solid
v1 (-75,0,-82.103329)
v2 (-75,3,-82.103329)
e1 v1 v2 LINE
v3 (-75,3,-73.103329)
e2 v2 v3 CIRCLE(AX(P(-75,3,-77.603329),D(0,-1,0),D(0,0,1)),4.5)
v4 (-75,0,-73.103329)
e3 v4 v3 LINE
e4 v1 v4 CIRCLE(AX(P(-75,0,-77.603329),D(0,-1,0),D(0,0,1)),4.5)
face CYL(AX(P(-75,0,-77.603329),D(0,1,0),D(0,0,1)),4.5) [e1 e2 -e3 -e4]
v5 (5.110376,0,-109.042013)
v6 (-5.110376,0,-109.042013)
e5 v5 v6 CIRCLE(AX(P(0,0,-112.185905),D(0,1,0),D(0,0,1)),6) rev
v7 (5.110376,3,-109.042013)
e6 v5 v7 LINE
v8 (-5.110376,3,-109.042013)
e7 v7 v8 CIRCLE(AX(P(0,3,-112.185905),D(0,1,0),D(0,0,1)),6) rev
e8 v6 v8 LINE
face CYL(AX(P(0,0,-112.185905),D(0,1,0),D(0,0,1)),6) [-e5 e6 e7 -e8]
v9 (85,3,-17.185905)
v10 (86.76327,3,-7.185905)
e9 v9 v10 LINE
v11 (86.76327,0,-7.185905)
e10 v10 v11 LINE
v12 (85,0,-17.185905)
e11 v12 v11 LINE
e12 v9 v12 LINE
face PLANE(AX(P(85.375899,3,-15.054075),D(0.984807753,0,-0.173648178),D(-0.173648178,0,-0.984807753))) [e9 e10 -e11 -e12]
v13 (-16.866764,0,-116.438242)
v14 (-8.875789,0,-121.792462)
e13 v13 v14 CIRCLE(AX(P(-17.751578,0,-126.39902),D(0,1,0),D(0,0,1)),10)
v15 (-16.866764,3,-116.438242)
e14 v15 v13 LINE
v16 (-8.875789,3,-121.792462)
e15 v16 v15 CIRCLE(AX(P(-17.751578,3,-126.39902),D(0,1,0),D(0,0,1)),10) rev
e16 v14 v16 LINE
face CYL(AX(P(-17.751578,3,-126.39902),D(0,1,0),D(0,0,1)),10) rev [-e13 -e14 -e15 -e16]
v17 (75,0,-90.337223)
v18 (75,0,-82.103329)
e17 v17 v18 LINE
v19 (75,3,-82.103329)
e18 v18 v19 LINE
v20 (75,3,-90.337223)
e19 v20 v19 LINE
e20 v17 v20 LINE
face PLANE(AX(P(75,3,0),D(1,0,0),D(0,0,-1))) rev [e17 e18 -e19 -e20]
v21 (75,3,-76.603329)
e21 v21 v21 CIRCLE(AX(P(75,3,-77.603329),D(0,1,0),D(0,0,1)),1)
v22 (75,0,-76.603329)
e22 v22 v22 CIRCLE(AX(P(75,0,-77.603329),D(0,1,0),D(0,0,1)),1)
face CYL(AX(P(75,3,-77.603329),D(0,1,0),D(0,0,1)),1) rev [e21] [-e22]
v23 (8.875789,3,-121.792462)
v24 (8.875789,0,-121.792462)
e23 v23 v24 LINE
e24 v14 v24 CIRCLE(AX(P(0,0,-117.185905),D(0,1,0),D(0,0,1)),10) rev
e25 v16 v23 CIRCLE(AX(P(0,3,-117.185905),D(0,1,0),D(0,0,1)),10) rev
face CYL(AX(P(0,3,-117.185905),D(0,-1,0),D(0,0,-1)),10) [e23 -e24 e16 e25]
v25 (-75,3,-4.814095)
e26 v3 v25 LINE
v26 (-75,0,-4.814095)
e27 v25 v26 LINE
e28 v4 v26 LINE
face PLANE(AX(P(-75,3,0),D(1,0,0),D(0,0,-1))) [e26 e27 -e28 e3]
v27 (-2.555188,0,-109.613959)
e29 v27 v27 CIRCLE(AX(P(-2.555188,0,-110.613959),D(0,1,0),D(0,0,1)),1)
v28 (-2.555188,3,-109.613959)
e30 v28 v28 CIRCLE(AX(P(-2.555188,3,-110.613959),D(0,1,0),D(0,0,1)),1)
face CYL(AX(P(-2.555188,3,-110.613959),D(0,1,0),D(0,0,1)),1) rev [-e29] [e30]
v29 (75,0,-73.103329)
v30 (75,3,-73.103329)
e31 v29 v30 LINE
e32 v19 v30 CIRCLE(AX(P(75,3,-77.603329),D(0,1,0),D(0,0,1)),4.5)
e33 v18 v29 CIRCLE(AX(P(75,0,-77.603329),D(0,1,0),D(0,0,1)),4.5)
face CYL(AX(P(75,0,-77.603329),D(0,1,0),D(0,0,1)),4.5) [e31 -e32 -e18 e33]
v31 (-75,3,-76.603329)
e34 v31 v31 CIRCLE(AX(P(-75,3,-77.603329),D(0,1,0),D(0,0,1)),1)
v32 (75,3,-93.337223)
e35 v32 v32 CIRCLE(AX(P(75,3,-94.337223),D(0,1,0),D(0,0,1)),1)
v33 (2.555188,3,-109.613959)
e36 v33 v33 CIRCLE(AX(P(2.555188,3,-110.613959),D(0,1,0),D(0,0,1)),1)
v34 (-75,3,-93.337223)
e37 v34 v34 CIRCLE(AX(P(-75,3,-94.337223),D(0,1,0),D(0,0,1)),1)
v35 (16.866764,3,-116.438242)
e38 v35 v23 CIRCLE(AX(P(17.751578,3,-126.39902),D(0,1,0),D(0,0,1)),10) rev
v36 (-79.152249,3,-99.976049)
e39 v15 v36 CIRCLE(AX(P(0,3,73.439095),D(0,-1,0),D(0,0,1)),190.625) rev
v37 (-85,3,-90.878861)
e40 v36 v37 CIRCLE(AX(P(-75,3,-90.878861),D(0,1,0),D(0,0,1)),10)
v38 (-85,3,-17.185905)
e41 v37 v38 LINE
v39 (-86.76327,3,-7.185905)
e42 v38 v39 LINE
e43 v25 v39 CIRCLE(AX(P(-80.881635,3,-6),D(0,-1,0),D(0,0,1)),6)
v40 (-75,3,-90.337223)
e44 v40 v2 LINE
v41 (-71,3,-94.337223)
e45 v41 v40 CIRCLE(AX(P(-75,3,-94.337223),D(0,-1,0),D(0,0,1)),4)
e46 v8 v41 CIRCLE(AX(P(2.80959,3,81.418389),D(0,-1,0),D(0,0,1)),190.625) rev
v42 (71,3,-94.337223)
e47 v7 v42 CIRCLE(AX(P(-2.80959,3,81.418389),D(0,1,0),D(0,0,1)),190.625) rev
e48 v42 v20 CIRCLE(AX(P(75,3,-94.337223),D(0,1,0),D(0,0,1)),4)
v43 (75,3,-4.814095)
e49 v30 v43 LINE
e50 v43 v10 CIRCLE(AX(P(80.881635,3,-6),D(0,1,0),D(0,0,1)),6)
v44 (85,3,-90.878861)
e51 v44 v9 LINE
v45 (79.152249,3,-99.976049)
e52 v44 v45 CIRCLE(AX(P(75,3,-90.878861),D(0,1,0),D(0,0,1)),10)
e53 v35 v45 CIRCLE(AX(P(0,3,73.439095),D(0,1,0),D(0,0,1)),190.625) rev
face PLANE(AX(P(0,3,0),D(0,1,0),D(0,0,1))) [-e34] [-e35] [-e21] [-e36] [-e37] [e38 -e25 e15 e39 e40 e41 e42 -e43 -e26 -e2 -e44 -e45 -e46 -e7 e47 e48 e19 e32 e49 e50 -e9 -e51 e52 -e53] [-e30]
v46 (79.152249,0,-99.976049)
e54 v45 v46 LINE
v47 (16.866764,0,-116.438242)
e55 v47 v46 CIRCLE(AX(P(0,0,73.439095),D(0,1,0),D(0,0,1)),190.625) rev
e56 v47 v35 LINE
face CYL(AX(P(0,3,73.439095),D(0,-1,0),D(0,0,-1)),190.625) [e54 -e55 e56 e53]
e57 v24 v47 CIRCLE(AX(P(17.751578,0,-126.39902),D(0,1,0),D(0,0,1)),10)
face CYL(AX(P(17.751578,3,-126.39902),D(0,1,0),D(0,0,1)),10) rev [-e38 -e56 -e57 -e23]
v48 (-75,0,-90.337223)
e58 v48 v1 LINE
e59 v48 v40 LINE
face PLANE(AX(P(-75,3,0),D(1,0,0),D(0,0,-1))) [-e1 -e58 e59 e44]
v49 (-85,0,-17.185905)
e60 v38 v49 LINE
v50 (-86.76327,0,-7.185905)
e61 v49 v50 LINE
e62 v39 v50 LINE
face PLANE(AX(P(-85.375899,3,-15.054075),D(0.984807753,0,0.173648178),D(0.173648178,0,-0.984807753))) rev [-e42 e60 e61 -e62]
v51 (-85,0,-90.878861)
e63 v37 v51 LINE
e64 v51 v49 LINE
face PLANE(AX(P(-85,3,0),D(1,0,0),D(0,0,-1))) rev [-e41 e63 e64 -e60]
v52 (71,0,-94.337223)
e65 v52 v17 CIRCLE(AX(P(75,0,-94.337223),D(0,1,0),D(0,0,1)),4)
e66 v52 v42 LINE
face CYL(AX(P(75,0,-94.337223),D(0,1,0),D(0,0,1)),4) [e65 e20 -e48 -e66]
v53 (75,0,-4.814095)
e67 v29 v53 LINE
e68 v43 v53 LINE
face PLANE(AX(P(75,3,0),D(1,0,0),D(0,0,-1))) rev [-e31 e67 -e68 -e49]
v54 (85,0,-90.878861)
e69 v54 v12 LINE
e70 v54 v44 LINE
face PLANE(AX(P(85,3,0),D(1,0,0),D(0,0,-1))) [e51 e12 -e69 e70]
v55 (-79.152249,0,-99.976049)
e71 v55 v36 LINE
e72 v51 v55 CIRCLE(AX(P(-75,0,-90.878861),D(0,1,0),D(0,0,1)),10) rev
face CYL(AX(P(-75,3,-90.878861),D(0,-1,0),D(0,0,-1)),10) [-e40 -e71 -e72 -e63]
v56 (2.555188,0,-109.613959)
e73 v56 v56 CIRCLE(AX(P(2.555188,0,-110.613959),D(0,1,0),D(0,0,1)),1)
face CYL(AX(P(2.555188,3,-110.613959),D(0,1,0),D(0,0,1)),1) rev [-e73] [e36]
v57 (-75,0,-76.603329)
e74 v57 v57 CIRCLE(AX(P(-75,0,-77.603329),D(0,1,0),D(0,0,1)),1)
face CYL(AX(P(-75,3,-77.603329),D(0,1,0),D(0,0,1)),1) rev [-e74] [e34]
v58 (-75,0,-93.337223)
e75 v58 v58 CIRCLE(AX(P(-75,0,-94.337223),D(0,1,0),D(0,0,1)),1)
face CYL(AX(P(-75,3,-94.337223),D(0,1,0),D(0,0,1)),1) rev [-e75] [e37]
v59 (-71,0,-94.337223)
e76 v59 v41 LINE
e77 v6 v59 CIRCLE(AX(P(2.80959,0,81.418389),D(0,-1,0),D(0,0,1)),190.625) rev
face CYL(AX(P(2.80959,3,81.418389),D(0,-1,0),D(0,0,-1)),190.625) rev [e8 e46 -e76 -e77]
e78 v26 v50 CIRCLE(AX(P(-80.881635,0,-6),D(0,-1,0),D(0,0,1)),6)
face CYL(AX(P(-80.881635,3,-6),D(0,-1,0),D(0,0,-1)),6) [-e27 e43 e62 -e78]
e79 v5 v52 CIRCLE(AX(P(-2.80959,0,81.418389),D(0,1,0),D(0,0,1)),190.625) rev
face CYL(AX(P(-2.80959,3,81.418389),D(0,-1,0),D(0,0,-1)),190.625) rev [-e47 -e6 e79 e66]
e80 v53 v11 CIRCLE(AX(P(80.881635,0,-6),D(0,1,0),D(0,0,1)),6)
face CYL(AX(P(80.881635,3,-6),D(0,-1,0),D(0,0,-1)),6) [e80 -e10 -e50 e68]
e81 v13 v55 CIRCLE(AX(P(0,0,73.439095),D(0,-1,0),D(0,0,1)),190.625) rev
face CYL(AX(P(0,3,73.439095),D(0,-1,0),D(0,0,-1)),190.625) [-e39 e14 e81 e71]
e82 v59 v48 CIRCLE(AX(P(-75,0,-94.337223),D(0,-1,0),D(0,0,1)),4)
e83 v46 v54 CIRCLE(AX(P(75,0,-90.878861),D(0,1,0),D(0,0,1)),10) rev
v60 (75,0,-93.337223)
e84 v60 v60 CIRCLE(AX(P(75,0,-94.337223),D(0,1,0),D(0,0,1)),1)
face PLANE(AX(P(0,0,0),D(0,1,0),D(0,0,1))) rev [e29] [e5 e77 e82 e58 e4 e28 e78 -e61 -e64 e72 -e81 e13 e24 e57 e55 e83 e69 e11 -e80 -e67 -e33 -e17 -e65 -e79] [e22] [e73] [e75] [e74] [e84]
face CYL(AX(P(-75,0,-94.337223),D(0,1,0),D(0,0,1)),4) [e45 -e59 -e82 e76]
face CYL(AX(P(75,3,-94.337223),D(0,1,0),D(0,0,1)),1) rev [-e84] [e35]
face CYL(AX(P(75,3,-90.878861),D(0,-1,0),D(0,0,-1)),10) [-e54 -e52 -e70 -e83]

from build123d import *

# Parameters (mm, degrees)
BOSS_EXTRUDE2_DEPTH      = 3
FILLET3_R                = 10
FILLET3_OF_MIRROR3_R     = 10
BOSS_EXTRUDE3_START      = -3
BOSS_EXTRUDE3_DEPTH      = 3
F_2_0_2_DIAMETER_HOLE1_D = 2


with BuildPart() as part:
    # Sketch2 → Boss-Extrude2 (new body)
    with BuildSketch(Plane(origin=(0, 0, 0), x_dir=(1, 0, 0), z_dir=(0, 1, 0))):
        with BuildLine():
            ThreePointArc((0, 117.185905081), (5, 117.120320028), (9.996559473, 116.923609999))
            ThreePointArc((9.996559473, 116.923609999), (7.163202874, 124.163621369), (0, 127.185905081))
            Line((0, 127.185905081), (0, 117.185905081))
        make_face()
        with BuildLine():
            Line((75, 92.603329386), (75, 4.814094919))
            ThreePointArc((75, 4.814094919), (82.067539985, 0.118365096), (86.763269807, 7.185905081))
            Line((86.763269807, 7.185905081), (85, 17.185905081))
            Line((85, 17.185905081), (85, 97.185905081))
            ThreePointArc((85, 97.185905081), (43.660622991, 112.118552795), (0, 117.185905081))
            Line((0, 117.185905081), (0, 109.185905081))
            ThreePointArc((0, 109.185905081), (38.343884954, 104.711356725), (75, 92.603329386))
        make_face()
    boss_extrude2 = extrude(amount=BOSS_EXTRUDE2_DEPTH)

    # Fillet3
    fillet3_edges = [part.edges().sort_by_distance(p)[0] for p in [
        (9.996559473, 1.5, -116.923609999),
        (85, 1.5, -97.185905081),
    ]]
    fillet(fillet3_edges, radius=FILLET3_R)

    # Mirror3: Boss-Extrude2 across plane
    add(boss_extrude2.mirror(Plane(origin=(0, 3, 0), x_dir=(0, 0, 1), z_dir=(1, 0, 0))))

    # Fillet3 of Mirror3
    fillet3_of_mirror3_edges = [part.edges().sort_by_distance(p)[0] for p in [
        (-9.996559473, 1.5, -116.923609999),
        (-85, 1.5, -97.185905081),
    ]]
    fillet(fillet3_of_mirror3_edges, radius=FILLET3_OF_MIRROR3_R)

    # Sketch4 → Boss-Extrude3 (add)
    with BuildSketch(Plane(origin=(0, 3, 0), x_dir=(1, 0, 0), z_dir=(0, 1, 0)).offset(BOSS_EXTRUDE3_START)):
        with BuildLine():
            Line((0, 109.185905081), (0, 106.185905081))
            ThreePointArc((0, 106.185905081), (2.927170094, 106.948379402), (5.110376179, 109.042013335))
            ThreePointArc((5.110376179, 109.042013335), (2.555670493, 109.131091975), (0, 109.185905081))
        make_face()
        with BuildLine():
            ThreePointArc((75, 92.603329386), (73.004956974, 93.481711721), (71, 94.337223109))
            ThreePointArc((71, 94.337223109), (72.171572875, 91.508795985), (75, 90.337223109))
            Line((75, 90.337223109), (75, 92.603329386))
        make_face()
        with BuildLine():
            Line((75, 73.103329386), (75, 82.103329386))
            ThreePointArc((75, 82.103329386), (70.5, 77.603329386), (75, 73.103329386))
        make_face()
    boss_extrude3 = extrude(amount=BOSS_EXTRUDE3_DEPTH)

    # Mirror4: Boss-Extrude3 across plane
    add(boss_extrude3.mirror(Plane(origin=(0, 0, 0), x_dir=(0, 0, 1), z_dir=(1, 0, 0))))

    # Ø2.0 (2) Diameter Hole1 (through all)
    with Locations(Plane(origin=(2.555188089, 3, -110.613959208), x_dir=(0, 0, 1), z_dir=(0, 1, 0))):
        with Locations((0, 0), (16.276736099, 72.444811911), (33.010629822, 72.444811911)):
            f_2_0_2_diameter_hole1 = Hole(F_2_0_2_DIAMETER_HOLE1_D / 2)

    # Mirror5: Ø2.0 (2) Diameter Hole1 across plane
    add(f_2_0_2_diameter_hole1.mirror(Plane(origin=(0, 0, 0), x_dir=(0, 0, 1), z_dir=(1, 0, 0))), mode=Mode.SUBTRACT)


solid = part.part
